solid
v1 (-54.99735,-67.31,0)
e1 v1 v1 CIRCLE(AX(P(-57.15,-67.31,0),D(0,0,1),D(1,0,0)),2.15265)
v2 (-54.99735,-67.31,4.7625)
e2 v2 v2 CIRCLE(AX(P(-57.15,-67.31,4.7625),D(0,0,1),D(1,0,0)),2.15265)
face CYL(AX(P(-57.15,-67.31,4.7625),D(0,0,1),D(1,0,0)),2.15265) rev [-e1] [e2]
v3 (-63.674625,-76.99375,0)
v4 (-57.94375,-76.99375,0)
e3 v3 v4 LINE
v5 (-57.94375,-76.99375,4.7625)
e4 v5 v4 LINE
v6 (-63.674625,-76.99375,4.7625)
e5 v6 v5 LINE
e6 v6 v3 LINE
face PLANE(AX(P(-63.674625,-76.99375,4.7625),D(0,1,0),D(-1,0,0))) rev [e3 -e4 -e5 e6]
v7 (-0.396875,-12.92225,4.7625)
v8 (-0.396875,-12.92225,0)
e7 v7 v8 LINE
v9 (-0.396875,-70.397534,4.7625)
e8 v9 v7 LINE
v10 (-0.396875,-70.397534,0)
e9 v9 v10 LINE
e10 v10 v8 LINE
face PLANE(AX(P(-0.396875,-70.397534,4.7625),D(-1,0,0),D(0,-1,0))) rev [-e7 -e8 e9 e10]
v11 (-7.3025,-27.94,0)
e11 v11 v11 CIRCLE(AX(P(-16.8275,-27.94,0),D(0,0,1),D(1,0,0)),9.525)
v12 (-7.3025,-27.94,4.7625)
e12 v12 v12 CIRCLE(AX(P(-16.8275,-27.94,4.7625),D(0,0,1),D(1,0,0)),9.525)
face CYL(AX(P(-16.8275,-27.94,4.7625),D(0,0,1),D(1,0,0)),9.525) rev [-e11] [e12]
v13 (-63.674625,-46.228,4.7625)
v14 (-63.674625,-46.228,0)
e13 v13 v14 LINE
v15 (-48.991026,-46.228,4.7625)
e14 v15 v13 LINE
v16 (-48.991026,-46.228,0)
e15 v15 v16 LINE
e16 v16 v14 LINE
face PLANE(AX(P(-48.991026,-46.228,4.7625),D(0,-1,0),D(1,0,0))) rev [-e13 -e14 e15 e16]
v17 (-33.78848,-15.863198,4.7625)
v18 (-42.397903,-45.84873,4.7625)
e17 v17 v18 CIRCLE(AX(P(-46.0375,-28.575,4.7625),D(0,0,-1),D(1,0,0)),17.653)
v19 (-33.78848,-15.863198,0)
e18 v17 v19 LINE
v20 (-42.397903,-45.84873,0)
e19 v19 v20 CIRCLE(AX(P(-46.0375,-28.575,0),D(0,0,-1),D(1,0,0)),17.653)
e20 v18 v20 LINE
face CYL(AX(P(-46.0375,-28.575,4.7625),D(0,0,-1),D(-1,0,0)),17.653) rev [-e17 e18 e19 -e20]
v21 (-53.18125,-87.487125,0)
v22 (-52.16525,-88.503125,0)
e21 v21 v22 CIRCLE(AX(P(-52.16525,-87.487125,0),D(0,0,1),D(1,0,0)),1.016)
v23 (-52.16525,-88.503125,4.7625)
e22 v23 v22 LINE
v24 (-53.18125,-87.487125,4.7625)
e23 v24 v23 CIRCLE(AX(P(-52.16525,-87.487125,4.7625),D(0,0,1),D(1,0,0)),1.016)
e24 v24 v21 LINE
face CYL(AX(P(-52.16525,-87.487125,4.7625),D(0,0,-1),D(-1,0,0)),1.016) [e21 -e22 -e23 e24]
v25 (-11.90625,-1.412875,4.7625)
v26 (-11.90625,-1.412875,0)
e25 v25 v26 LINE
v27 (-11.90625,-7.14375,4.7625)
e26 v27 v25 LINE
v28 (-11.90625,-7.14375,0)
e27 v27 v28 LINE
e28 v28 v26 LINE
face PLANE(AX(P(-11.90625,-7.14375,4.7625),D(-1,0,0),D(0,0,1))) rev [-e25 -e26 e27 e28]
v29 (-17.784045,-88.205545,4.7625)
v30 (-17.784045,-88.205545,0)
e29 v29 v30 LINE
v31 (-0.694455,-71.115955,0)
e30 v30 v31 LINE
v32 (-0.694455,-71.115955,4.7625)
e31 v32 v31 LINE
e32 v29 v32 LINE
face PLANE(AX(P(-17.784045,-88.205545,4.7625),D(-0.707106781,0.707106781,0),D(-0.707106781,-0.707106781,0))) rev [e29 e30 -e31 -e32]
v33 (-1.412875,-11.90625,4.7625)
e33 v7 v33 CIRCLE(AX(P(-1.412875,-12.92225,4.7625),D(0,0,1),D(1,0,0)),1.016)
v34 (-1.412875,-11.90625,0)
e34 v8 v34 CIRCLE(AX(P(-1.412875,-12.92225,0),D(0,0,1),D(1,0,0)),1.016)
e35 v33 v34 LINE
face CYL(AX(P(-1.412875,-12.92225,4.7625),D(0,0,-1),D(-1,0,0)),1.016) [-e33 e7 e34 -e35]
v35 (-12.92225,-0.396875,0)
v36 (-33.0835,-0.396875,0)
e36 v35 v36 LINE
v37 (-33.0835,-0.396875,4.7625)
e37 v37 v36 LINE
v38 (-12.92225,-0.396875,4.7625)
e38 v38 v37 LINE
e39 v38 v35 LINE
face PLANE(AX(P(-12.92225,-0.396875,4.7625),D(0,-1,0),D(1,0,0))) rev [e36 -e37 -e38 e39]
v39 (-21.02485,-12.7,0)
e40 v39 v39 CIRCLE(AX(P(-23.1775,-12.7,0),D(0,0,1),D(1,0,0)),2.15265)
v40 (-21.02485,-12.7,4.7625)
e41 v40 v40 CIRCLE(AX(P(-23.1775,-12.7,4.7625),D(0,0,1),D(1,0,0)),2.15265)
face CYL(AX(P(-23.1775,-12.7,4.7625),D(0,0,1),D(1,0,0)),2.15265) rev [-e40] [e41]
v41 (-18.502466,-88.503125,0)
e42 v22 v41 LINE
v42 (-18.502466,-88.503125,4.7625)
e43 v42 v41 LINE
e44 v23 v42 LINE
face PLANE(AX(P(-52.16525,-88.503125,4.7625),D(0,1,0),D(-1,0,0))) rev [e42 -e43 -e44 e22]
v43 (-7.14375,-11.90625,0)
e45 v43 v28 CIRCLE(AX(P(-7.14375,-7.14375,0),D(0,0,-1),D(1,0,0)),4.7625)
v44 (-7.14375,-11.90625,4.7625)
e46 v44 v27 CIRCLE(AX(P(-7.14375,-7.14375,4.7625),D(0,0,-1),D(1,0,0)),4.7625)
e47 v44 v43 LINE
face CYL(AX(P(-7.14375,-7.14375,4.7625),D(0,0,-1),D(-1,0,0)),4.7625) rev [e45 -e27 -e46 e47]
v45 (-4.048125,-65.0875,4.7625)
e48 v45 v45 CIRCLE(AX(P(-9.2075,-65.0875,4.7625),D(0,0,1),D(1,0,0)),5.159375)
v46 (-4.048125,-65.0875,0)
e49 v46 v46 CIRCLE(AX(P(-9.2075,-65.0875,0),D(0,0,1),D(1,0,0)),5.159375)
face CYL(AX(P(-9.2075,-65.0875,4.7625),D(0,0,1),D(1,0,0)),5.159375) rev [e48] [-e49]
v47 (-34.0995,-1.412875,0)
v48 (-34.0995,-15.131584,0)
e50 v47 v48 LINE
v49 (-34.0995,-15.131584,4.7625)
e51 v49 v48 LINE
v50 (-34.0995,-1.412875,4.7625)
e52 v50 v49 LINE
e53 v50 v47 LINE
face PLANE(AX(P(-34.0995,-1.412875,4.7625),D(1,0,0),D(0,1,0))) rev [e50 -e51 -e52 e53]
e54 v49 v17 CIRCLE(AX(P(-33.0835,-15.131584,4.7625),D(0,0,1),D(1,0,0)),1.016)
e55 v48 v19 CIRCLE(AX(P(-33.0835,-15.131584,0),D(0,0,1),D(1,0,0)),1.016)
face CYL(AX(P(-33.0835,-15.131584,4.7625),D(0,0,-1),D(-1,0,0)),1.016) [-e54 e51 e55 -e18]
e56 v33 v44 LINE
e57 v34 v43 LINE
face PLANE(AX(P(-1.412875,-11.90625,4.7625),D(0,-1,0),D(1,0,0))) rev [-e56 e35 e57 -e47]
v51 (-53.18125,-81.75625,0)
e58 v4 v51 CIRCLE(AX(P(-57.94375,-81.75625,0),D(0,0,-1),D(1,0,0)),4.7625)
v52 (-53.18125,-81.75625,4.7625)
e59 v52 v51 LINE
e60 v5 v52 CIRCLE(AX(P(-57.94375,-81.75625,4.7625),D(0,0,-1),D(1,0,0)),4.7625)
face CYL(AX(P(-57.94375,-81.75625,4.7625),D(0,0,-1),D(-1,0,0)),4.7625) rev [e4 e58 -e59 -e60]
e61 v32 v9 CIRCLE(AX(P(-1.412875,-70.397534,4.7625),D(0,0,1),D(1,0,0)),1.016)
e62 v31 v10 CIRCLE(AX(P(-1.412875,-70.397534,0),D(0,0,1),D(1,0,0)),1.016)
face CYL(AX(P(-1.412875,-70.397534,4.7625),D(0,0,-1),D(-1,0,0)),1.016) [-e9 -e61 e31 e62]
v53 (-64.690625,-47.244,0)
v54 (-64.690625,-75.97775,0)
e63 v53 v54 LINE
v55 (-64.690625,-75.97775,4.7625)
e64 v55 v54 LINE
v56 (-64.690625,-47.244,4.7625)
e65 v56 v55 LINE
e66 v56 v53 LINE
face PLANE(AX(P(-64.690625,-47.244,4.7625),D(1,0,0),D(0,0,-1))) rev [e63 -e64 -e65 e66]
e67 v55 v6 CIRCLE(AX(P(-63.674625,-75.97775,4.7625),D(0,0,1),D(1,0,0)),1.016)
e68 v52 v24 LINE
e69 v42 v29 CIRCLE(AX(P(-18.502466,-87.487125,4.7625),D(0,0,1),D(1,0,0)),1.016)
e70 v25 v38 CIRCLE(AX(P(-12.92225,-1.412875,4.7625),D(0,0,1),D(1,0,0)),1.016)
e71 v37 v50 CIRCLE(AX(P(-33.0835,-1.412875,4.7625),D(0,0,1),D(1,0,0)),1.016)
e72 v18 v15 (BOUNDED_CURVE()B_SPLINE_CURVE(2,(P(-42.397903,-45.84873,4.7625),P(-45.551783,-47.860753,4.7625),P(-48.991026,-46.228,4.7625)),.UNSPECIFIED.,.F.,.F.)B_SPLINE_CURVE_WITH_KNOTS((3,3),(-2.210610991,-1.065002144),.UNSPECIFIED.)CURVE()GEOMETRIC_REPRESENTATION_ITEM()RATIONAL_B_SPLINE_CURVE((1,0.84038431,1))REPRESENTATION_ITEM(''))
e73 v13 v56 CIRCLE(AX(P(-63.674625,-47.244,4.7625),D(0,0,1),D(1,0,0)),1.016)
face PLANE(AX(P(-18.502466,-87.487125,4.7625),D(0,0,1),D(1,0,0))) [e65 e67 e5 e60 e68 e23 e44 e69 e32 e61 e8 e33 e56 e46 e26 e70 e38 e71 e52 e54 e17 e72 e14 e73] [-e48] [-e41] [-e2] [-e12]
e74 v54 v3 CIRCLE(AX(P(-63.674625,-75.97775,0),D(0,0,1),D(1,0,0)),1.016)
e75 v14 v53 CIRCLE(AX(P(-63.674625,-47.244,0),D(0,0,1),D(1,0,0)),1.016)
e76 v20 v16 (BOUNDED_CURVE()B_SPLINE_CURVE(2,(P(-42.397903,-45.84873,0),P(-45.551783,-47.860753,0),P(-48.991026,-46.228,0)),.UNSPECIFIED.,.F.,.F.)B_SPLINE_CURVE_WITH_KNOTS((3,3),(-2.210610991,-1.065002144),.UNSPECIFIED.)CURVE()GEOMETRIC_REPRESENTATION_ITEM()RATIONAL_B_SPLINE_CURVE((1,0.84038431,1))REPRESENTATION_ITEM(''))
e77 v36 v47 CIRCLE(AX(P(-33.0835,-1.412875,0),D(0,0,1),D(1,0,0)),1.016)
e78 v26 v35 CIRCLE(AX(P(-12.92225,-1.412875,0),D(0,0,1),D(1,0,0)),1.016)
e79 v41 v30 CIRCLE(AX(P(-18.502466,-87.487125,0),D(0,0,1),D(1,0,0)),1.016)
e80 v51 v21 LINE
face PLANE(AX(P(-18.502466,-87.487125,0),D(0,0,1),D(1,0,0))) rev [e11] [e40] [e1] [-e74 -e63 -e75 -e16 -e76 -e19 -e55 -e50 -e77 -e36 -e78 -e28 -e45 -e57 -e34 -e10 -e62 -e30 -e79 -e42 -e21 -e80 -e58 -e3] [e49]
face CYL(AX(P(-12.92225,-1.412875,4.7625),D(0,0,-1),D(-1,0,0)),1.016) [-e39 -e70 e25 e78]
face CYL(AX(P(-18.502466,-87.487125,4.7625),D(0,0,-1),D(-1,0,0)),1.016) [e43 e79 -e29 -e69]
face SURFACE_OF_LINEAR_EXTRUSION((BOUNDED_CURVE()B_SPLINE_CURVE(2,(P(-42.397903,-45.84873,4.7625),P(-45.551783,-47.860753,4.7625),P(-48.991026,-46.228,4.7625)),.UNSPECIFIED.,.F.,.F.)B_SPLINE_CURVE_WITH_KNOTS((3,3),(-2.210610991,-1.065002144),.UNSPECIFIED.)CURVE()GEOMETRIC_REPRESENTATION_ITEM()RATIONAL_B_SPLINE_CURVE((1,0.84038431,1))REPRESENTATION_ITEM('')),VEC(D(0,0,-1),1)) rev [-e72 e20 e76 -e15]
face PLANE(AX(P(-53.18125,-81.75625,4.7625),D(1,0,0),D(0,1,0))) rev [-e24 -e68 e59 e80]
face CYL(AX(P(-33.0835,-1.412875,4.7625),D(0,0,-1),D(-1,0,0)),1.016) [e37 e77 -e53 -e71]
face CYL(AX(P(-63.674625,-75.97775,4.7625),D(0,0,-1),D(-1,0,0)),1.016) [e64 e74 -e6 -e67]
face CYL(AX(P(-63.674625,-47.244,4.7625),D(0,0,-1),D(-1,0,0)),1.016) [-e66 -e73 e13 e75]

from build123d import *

# Parameters (mm, degrees)
BOSS_EXTRUDE1_DEPTH              = 4.7625
F_6_CLEARANCE_HOLE1_D            = 4.3053
F_3_4_0_75_DIAMETER_HOLE1_D      = 19.05
F_13_32_0_40625_DIAMETER_HOLE1_D = 10.31875


with BuildPart() as part:
    # Sketch1 → Boss-Extrude1 (new body)
    with BuildSketch(Plane.XY):
        with BuildLine():
            Line((-17.78404549, -88.20554549), (-0.69445451, -71.11595451))
            ThreePointArc((-0.69445451, -71.11595451), (-0.474213395, -70.786340388), (-0.396875, -70.397534021))
            Line((-0.396875, -70.397534021), (-0.396875, -12.92225))
            ThreePointArc((-0.396875, -12.92225), (-0.69445451, -12.20382951), (-1.412875, -11.90625))
            Line((-1.412875, -11.90625), (-7.14375, -11.90625))
            ThreePointArc((-7.14375, -11.90625), (-10.511346045, -10.511346045), (-11.90625, -7.14375))
            Line((-11.90625, -7.14375), (-11.90625, -1.412875))
            ThreePointArc((-11.90625, -1.412875), (-12.20382951, -0.69445451), (-12.92225, -0.396875))
            Line((-12.92225, -0.396875), (-33.0835, -0.396875))
            ThreePointArc((-33.0835, -0.396875), (-33.80192049, -0.69445451), (-34.0995, -1.412875))
            Line((-34.0995, -1.412875), (-34.0995, -15.131583582))
            ThreePointArc((-34.0995, -15.131583582), (-34.01851745, -15.529073666), (-33.788479592, -15.863198081))
            ThreePointArc((-33.788479592, -15.863198081), (-29.070029057, -33.446687471), (-42.397902867, -45.848729815))
            add(Edge.make_bspline(
                [(-42.397902867, -45.848729815), (-45.551783199, -47.860753205), (-48.991026243, -46.228)],
                knots=[-2.210610991, -2.210610991, -2.210610991, -1.065002144, -1.065002144, -1.065002144], degree=2, weights=[1, 0.84038431, 1]))
            Line((-48.991026243, -46.228), (-63.674625, -46.228))
            ThreePointArc((-63.674625, -46.228), (-64.39304549, -46.52557951), (-64.690625, -47.244))
            Line((-64.690625, -47.244), (-64.690625, -75.97775))
            ThreePointArc((-64.690625, -75.97775), (-64.39304549, -76.69617049), (-63.674625, -76.99375))
            Line((-63.674625, -76.99375), (-57.94375, -76.99375))
            ThreePointArc((-57.94375, -76.99375), (-54.576153955, -78.388653955), (-53.18125, -81.75625))
            Line((-53.18125, -81.75625), (-53.18125, -87.487125))
            ThreePointArc((-53.18125, -87.487125), (-52.88367049, -88.20554549), (-52.16525, -88.503125))
            Line((-52.16525, -88.503125), (-18.502465979, -88.503125))
            ThreePointArc((-18.502465979, -88.503125), (-18.113659612, -88.425786605), (-17.78404549, -88.20554549))
        make_face()
    extrude(amount=BOSS_EXTRUDE1_DEPTH)

    # #6 Clearance Hole1 (through all)
    with Locations(Plane.XY.offset(4.7625)):
        with Locations((-57.15, -67.31), (-23.1775, -12.7)):
            Hole(F_6_CLEARANCE_HOLE1_D / 2)

    # 3/4 (0.75) Diameter Hole1 (through all)
    with Locations(Plane.XY.offset(4.7625)):
        with Locations((-16.8275, -27.94)):
            Hole(F_3_4_0_75_DIAMETER_HOLE1_D / 2)

    # 13/32 (0.40625) Diameter Hole1 (through all)
    with Locations(Plane.XY.offset(4.7625)):
        with Locations((-9.2075, -65.0875)):
            Hole(F_13_32_0_40625_DIAMETER_HOLE1_D / 2)


solid = part.part
